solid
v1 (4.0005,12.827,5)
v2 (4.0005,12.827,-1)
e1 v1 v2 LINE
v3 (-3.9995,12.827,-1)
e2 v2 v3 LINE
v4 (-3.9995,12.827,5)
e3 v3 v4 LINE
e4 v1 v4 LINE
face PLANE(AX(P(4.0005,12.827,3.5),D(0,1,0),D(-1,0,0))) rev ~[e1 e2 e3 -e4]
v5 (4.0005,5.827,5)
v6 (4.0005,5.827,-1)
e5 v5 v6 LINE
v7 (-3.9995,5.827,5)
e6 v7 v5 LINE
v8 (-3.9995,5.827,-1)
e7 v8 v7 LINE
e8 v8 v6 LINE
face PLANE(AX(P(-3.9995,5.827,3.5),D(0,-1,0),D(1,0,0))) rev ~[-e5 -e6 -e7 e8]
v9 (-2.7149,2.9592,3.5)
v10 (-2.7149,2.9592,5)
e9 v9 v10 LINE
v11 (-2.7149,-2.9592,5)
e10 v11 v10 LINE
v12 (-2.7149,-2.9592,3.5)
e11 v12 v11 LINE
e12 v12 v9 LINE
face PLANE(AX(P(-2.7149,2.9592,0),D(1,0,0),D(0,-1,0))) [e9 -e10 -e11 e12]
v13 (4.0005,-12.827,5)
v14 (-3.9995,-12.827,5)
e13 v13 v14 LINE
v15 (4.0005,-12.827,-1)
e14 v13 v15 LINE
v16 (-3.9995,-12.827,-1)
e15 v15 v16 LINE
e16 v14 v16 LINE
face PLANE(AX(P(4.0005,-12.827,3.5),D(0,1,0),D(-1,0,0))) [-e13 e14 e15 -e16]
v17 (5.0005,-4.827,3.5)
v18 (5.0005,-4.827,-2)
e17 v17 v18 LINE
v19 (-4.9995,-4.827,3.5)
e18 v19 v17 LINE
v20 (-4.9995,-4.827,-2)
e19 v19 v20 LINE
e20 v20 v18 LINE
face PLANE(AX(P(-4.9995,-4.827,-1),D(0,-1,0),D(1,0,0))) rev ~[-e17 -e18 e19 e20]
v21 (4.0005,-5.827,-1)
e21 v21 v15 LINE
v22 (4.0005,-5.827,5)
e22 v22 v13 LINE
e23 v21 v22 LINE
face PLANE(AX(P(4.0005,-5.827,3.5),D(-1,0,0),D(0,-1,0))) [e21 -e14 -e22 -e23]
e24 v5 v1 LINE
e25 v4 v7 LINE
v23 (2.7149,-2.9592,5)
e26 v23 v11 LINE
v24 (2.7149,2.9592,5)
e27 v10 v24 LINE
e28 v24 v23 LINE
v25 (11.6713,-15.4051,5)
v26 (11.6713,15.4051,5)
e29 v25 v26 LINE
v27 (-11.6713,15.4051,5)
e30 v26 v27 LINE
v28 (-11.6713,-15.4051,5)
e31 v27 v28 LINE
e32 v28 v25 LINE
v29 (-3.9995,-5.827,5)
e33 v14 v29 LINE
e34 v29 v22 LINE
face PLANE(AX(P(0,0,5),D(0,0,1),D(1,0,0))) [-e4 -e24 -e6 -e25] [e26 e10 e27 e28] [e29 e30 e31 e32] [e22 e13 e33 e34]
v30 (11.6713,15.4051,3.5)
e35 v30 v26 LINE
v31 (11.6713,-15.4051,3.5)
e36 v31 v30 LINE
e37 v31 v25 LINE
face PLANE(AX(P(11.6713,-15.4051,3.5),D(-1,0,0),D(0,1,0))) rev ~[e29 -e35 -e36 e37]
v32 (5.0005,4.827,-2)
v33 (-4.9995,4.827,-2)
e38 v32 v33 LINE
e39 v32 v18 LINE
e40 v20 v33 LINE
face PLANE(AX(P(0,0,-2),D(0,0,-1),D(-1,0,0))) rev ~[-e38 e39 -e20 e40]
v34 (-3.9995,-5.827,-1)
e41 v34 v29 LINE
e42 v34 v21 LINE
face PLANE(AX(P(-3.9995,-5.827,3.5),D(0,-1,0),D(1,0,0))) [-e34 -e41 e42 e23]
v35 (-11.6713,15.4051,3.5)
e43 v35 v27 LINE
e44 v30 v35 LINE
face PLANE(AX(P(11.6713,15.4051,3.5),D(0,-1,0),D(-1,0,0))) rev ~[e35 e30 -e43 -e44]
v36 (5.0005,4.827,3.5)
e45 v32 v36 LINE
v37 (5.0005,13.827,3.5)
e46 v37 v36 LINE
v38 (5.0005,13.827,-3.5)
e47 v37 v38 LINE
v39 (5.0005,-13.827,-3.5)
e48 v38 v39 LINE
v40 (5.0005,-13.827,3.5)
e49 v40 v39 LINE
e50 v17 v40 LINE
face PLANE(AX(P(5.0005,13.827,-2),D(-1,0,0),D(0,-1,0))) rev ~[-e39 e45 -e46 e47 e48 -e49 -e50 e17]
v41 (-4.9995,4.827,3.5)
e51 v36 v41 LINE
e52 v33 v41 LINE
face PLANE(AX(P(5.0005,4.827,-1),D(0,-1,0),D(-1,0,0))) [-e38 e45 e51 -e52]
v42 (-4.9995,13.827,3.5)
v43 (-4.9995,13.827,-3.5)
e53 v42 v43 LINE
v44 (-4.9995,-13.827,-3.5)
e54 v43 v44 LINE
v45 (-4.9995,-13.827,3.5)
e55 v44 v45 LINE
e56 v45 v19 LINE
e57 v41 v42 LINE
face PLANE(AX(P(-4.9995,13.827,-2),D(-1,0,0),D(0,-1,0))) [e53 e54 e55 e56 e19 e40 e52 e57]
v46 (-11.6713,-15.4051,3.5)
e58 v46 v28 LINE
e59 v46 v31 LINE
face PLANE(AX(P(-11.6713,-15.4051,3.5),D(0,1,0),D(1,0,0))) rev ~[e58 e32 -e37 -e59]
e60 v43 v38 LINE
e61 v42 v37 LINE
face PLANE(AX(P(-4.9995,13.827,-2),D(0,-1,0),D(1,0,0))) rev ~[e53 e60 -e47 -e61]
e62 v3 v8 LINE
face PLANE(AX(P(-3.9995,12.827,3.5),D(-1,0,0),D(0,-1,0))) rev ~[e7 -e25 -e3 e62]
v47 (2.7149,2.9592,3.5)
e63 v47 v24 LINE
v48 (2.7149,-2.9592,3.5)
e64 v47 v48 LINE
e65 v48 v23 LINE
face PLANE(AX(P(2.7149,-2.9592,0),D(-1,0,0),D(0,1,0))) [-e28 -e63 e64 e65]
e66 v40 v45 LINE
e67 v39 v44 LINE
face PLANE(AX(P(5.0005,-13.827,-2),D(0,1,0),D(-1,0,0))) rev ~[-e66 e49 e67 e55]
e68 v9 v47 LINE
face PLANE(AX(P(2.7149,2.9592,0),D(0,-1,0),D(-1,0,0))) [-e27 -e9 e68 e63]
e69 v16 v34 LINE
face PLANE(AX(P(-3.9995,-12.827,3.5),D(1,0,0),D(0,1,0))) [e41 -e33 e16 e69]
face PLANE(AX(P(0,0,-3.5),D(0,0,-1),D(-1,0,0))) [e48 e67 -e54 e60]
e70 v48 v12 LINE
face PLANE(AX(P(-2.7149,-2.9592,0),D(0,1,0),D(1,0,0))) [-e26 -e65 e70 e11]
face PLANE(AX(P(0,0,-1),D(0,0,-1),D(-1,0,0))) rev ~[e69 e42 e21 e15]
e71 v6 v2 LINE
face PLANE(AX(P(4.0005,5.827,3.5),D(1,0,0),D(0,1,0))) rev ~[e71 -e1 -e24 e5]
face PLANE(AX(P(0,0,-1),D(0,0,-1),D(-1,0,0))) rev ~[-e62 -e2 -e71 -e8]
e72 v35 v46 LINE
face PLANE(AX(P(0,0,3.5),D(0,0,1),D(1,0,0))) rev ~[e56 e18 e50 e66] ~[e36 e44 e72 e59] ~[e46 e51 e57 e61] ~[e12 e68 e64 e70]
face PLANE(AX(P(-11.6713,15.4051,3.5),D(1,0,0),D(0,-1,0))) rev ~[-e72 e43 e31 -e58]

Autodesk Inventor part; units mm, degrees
ref_plane "Work Plane3" through (0, 0, 3.5) normal (0, 0, 1) x (1, 0, 0)
sketch "Sketch2" plane through (0, 0, 3.5) normal (0, 0, 1) x (1, 0, 0)
  line L0 (-11.6713, -15.4051) -> (11.6713, -15.4051)
  line L1 (11.6713, -15.4051) -> (11.6713, 15.4051)
  line L2 (11.6713, 15.4051) -> (-11.6713, 15.4051)
  line L3 (-11.6713, 15.4051) -> (-11.6713, -15.4051)
  line L4 (-11.6713, -15.4051) -> (11.6713, 15.4051) construction
  line L5 (11.6713, -15.4051) -> (-11.6713, 15.4051) construction
  point P0 (0, 0)
  dimension "d4" = 30.8102
  dimension "d5" = 23.3426
extrude "Extrusion2" add sketch "Sketch2" along normal blind 1.5
ref_plane "Work Plane2" through (0, 0, 0) normal (0, 0, -1) x (-1, 0, 0)
sketch "Sketch3" plane through (0, 0, 0) normal (0, 0, -1) x (-1, 0, 0)
  line L0 (-2.7149, 2.9592) -> (2.7149, 2.9592)
  line L1 (2.7149, 2.9592) -> (2.7149, -2.9592)
  line L2 (2.7149, -2.9592) -> (-2.7149, -2.9592)
  line L3 (-2.7149, -2.9592) -> (-2.7149, 2.9592)
  line L4 (-2.7149, 2.9592) -> (2.7149, -2.9592) construction
  line L5 (2.7149, 2.9592) -> (-2.7149, -2.9592) construction
  point P0 (0, 0)
extrude "Extrusion3" cut sketch "Sketch3" against normal blind 6
ref_plane "Work Plane1" through (0, 0, 0) normal (0, 0, -1) x (-1, 0, 0)
sketch "Sketch4" plane through (0, 0, 0) normal (0, 0, -1) x (-1, 0, 0)
  line L0 (8.89, -12.7) -> (-8.89, -12.7) projected
  line L1 (3.6472, 12.7) -> (-3.3528, 12.7)
  line L2 (-3.3528, 12.7) -> (-3.3528, 7.7)
  line L3 (-3.3528, 7.7) -> (3.6472, 7.7)
  line L4 (3.6472, 7.7) -> (3.6472, 12.7)
  line L5 (3.6472, 12.7) -> (-3.3528, 7.7) construction
  line L6 (-3.3528, 12.7) -> (3.6472, 7.7) construction
  line L7 (-8.89, -12.7) -> (-8.89, 12.7) projected
  line L8 (3.6472, -7.7) -> (-3.3528, -7.7)
  line L9 (-3.3528, -7.7) -> (-3.3528, -12.7)
  line L10 (-3.3528, -12.7) -> (3.6472, -12.7)
  line L11 (3.6472, -12.7) -> (3.6472, -7.7)
  line L12 (3.6472, -7.7) -> (-3.3528, -12.7) construction
  line L13 (-3.3528, -7.7) -> (3.6472, -12.7) construction
  line L14 (-8.89, 12.7) -> (8.89, 12.7) projected
  point P0 (0, 0)
  point P1 (0.1472, 10.2)
  point P2 (0.1472, -10.2)
  point P3 (-3.3528, -10.2)
  dimension "d10" = 7
  dimension "d11" = 5
  dimension "d12" = 5.5372
  dimension "d13" = 7
  dimension "d14" = 5
  dimension "d15" = 5.5372
  dimension "d16" = 0
  dimension "d17" = 0
extrude "Extrusion4" cut sketch "Sketch4" against normal blind 3.5
sketch "Sketch5" plane through (0, 0, 3.5) normal (0, 0, -1) x (-1, 0, 0)
  line L0 (11.6713, -15.4051) -> (-11.6713, -15.4051) projected
  line L1 (-4.0005, -12.827) -> (3.9995, -12.827)
  line L2 (3.9995, -12.827) -> (3.9995, -5.827)
  line L3 (3.9995, -5.827) -> (-4.0005, -5.827)
  line L4 (-4.0005, -5.827) -> (-4.0005, -12.827)
  line L5 (-11.6713, -15.4051) -> (-11.6713, 15.4051) projected
  line L6 (2.7149, -2.9592) -> (-2.7149, -2.9592) projected
  line L7 (9.017, -12.827) -> (-9.017, -12.827)
  line L8 (-9.017, -12.827) -> (-9.017, 12.827)
  line L9 (-9.017, 12.827) -> (9.017, 12.827)
  line L10 (9.017, 12.827) -> (9.017, -12.827)
  line L11 (9.017, -12.827) -> (-9.017, 12.827) construction
  line L12 (-9.017, -12.827) -> (9.017, 12.827) construction
  line L13 (3.9995, 5.827) -> (-4.0005, 5.827)
  line L14 (-4.0005, 5.827) -> (-4.0005, 12.827)
  line L15 (-4.0005, 12.827) -> (3.9995, 12.827)
  line L16 (3.9995, 12.827) -> (3.9995, 5.827)
  line L17 (3.9995, 5.827) -> (-4.0005, 12.827) construction
  line L18 (-4.0005, 5.827) -> (3.9995, 12.827) construction
  line L19 (11.6713, 15.4051) -> (11.6713, -15.4051) projected
  point P0 (0, 0)
  point P1 (-0.0005, 9.327)
  point P2 (3.9995, 12.827)
  dimension "d20" = 8
  dimension "d21" = 7
  dimension "d22" = 7.6708
  dimension "d25" = 18.034
  dimension "d26" = 25.654
  dimension "d27" = 0
  dimension "d28" = 7
  dimension "d29" = 8
  dimension "d31" = 7.6718
extrude "Extrusion5" add sketch "Sketch5" along normal blind 4.5 contours L4 L3 L2 L1 | L9 L16 L13 L14
sketch "Sketch6" plane through (0, 0, -1) normal (0, 0, -1) x (-1, 0, 0)
  line L0 (4.9995, 13.827) -> (-5.0005, 13.827)
  line L1 (-5.0005, 13.827) -> (-5.0005, 4.827)
  line L2 (-5.0005, 4.827) -> (4.9995, 4.827)
  line L3 (4.9995, 4.827) -> (4.9995, 13.827)
  line L4 (4.9995, -4.827) -> (-5.0005, -4.827)
  line L5 (-5.0005, -4.827) -> (-5.0005, -13.827)
  line L6 (-5.0005, -13.827) -> (4.9995, -13.827)
  line L7 (4.9995, -13.827) -> (4.9995, -4.827)
  line L8 (-4.0005, 5.827) -> (3.9995, 5.827) projected
  line L9 (3.9995, 12.827) -> (-4.0005, 12.827) projected
  line L10 (3.9995, 5.827) -> (3.9995, 12.827) projected
  line L11 (-4.0005, 12.827) -> (-4.0005, 5.827) projected
  line L12 (-4.0005, -12.827) -> (3.9995, -12.827) projected
  line L13 (3.9995, -5.827) -> (-4.0005, -5.827) projected
  point P0 (0, 0)
  dimension "d35" = 1
  dimension "d36" = 1
  dimension "d37" = 1
  dimension "d38" = 1
  dimension "d39" = 1
  dimension "d40" = 1
extrude "Extrusion6" add sketch "Sketch6" along normal blind 1 and the other way blind 4.5 contours L3 L2 L1 L0 | L7 L6 L5 L4 | L11 L9 L10 L8
extrude "Extrusion7" cut sketch "Sketch5" along normal blind 4.5 and the other way blind 1.5 contours L4 L3 L2 L1 | L9 L16 L13 L14
sketch "Sketch8" plane through (0, 0, -2) normal (0, 0, -1) x (-1, 0, 0)
  line L0 (4.9995, 13.827) -> (4.9995, 4.827) projected
  line L1 (-5.0005, -13.827) -> (4.9995, -13.827) projected
  line L2 (4.9995, 13.827) -> (-5.0005, 13.827)
  line L3 (-5.0005, 13.827) -> (-5.0005, -13.827)
  line L4 (-5.0005, -13.827) -> (4.9995, -13.827)
  line L5 (4.9995, -13.827) -> (4.9995, 13.827)
  point P0 (0, 0)
extrude "Extrusion8" add sketch "Sketch8" along normal blind 1.5
properties part number "newairtempguytop"
